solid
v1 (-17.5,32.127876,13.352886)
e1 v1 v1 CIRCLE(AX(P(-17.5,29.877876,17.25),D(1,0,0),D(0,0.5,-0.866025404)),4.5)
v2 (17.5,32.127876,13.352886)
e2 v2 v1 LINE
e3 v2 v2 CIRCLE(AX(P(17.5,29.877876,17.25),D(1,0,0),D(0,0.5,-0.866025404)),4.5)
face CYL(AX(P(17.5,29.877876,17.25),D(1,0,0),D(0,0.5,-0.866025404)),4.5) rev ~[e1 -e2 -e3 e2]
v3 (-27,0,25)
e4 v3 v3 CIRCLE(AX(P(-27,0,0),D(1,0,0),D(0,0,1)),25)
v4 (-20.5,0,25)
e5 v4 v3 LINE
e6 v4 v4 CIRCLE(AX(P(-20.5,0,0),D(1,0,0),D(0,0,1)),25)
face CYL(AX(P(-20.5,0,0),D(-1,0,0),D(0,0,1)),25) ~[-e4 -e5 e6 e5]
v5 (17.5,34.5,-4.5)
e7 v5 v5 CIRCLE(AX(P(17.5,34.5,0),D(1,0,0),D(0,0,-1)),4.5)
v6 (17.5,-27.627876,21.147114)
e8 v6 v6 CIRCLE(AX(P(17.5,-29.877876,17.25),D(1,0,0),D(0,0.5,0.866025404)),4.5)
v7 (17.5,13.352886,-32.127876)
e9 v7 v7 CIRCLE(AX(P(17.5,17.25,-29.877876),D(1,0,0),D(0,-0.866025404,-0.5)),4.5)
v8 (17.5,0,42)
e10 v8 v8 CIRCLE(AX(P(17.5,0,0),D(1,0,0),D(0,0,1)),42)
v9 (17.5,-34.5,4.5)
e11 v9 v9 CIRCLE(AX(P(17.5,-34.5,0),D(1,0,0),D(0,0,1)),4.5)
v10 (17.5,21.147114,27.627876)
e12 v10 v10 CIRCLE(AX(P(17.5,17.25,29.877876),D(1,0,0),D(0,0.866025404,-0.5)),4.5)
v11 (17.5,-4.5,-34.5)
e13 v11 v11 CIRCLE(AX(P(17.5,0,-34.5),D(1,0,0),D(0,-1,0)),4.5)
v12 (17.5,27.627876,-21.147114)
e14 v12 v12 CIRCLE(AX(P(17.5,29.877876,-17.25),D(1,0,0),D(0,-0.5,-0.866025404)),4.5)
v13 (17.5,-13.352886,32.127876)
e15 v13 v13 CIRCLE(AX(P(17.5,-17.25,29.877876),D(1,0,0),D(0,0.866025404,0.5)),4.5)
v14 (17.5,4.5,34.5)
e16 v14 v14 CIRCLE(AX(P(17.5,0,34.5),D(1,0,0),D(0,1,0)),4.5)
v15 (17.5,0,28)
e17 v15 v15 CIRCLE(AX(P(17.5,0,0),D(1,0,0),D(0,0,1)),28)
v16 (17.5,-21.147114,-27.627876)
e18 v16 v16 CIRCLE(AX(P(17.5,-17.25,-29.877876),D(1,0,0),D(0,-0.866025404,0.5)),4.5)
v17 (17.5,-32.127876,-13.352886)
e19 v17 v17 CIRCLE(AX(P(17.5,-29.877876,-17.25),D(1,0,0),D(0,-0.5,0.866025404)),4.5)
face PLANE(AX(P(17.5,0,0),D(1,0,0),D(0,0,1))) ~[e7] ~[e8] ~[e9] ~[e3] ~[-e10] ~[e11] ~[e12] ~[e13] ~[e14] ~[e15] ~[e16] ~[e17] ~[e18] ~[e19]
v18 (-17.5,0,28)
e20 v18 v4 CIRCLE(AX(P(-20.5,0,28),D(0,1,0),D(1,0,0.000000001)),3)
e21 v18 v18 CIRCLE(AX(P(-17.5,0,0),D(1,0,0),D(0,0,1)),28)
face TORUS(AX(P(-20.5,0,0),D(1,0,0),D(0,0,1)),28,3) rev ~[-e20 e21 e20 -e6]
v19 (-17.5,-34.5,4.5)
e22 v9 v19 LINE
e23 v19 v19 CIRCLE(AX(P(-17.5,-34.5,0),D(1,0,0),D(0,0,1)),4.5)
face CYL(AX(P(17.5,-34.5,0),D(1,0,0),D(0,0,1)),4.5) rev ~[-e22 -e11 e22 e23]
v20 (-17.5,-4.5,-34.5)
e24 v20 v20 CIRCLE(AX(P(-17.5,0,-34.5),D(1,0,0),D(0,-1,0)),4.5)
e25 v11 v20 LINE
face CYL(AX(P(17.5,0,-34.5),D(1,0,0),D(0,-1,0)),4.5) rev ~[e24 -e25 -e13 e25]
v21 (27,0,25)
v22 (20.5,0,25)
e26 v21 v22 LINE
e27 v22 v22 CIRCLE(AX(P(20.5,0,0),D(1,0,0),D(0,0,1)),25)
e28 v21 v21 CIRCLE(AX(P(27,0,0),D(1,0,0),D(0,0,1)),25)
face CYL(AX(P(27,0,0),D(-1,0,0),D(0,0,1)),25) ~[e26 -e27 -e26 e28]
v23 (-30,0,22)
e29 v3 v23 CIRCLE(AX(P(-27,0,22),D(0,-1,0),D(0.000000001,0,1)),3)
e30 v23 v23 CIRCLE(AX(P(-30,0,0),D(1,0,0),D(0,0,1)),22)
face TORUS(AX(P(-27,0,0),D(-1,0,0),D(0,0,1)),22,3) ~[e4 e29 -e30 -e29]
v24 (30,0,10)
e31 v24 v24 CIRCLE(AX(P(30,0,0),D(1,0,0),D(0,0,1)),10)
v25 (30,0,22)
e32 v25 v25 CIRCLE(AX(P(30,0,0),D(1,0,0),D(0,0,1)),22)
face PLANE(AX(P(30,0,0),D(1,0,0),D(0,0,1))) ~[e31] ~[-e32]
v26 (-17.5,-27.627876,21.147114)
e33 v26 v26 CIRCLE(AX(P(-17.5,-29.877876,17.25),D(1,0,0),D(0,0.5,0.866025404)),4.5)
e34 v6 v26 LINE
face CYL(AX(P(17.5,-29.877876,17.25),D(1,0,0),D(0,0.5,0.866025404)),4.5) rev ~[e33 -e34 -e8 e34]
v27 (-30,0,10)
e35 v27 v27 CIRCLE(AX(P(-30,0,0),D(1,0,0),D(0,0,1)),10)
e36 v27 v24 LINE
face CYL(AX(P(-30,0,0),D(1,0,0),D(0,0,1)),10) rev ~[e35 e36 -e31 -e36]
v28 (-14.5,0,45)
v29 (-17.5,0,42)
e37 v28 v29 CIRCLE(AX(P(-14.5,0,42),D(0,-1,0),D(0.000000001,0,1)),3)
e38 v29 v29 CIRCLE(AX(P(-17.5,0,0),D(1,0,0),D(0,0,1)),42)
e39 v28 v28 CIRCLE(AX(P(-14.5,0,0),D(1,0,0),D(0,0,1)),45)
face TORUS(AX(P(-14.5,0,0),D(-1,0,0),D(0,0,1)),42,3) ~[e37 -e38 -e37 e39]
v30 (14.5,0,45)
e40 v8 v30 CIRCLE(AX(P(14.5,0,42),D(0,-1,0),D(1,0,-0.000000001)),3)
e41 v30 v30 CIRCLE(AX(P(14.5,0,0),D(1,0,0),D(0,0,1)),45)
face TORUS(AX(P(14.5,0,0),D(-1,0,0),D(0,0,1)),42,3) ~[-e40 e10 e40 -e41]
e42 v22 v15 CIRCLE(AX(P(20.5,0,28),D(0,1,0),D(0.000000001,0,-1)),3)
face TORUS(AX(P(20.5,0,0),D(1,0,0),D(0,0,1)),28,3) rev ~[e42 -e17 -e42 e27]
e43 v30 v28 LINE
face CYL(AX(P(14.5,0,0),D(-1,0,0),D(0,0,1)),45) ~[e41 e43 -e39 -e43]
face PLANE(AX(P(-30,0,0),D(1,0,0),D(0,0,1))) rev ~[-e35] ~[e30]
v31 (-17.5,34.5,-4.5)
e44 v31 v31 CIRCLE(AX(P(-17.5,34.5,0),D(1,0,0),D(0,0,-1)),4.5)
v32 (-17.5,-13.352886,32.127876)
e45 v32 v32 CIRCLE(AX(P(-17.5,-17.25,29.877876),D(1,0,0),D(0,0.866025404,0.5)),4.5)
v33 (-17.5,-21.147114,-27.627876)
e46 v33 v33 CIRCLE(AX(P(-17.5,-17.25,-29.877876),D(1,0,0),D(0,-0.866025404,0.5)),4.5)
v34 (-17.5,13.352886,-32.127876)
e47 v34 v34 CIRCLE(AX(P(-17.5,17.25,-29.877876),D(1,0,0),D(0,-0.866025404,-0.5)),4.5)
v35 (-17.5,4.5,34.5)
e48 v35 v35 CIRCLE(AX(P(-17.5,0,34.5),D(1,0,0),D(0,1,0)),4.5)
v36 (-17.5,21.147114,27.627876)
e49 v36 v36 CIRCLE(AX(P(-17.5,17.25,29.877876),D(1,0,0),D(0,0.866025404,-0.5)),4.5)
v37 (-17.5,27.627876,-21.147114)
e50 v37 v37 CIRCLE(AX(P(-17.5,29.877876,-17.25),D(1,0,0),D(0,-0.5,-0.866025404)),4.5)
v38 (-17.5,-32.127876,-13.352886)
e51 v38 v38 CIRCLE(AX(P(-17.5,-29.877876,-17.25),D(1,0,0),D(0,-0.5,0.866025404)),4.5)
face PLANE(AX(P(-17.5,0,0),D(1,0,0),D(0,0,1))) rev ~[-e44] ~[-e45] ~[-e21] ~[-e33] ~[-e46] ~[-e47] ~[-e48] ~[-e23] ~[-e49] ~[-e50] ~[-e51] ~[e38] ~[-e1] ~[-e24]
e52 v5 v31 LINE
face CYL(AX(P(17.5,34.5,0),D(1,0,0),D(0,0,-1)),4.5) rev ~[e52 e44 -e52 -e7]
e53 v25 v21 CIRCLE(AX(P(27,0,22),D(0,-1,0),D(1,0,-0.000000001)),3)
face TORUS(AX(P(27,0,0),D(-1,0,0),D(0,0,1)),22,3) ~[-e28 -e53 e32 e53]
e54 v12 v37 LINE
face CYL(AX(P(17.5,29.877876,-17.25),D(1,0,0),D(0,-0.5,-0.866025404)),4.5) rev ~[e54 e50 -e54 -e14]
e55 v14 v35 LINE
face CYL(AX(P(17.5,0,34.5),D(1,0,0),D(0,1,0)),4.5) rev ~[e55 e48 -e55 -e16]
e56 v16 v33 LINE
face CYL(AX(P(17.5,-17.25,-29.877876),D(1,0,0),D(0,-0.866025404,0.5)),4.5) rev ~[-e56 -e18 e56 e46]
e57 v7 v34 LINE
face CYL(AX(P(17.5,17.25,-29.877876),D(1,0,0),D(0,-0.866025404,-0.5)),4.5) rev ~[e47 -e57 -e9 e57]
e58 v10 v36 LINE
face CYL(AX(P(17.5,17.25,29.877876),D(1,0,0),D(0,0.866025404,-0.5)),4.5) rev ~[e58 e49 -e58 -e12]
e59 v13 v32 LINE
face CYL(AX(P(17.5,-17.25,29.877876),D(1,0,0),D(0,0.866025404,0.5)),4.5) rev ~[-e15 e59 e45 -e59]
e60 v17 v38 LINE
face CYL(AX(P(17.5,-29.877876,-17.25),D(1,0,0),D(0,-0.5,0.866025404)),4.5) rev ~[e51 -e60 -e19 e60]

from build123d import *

# Parameters (mm, degrees)
SKETCH2_R          = 4.5
CUT_EXTRUDE1_DEPTH = 80.411900988
CIRPATTERN1_COUNT  = 12


with BuildPart() as part:
    # Sketch1 → Revolve1 (revolve)
    with BuildSketch(Plane.XY, mode=Mode.PRIVATE) as revolve1_sk:
        with BuildLine():
            Line((14.5, 45), (-14.5, 45))
            ThreePointArc((-14.5, 45), (-16.621320344, 44.121320344), (-17.5, 42))
            Line((-17.5, 42), (-17.5, 28))
            ThreePointArc((-17.5, 28), (-18.378679656, 25.878679656), (-20.5, 25))
            Line((-20.5, 25), (-27, 25))
            ThreePointArc((-27, 25), (-29.121320344, 24.121320344), (-30, 22))
            Line((-30, 22), (-30, 10))
            Line((-30, 10), (30, 10))
            Line((30, 10), (30, 22))
            ThreePointArc((30, 22), (29.121320344, 24.121320344), (27, 25))
            Line((27, 25), (20.5, 25))
            ThreePointArc((20.5, 25), (18.378679656, 25.878679656), (17.5, 28))
            Line((17.5, 28), (17.5, 42))
            ThreePointArc((17.5, 42), (16.621320344, 44.121320344), (14.5, 45))
        make_face()
    revolve(revolve1_sk.sketch.rotate(Axis((45.718562874, 0, 0), (1, 0, 0)), 90), axis=Axis((45.718562874, 0, 0), (1, 0, 0)))

    # Sketch2 → Cut-Extrude1 (cut, through all)
    with BuildSketch(Plane(origin=(17.5, 0, 0), x_dir=(0, 0, -1), z_dir=(1, 0, 0))):
        with Locations((0, 34.5)):
            Circle(SKETCH2_R)
    cut_extrude1 = extrude(amount=-CUT_EXTRUDE1_DEPTH, mode=Mode.SUBTRACT)

    # CirPattern1: Cut-Extrude1 ×12 about axis
    cirpattern1_axis = Axis((0, 0, 0), (1, 0, 0))
    for i in range(1, CIRPATTERN1_COUNT):
        add(cut_extrude1.rotate(cirpattern1_axis, i * 360 / CIRPATTERN1_COUNT), mode=Mode.SUBTRACT)


solid = part.part
